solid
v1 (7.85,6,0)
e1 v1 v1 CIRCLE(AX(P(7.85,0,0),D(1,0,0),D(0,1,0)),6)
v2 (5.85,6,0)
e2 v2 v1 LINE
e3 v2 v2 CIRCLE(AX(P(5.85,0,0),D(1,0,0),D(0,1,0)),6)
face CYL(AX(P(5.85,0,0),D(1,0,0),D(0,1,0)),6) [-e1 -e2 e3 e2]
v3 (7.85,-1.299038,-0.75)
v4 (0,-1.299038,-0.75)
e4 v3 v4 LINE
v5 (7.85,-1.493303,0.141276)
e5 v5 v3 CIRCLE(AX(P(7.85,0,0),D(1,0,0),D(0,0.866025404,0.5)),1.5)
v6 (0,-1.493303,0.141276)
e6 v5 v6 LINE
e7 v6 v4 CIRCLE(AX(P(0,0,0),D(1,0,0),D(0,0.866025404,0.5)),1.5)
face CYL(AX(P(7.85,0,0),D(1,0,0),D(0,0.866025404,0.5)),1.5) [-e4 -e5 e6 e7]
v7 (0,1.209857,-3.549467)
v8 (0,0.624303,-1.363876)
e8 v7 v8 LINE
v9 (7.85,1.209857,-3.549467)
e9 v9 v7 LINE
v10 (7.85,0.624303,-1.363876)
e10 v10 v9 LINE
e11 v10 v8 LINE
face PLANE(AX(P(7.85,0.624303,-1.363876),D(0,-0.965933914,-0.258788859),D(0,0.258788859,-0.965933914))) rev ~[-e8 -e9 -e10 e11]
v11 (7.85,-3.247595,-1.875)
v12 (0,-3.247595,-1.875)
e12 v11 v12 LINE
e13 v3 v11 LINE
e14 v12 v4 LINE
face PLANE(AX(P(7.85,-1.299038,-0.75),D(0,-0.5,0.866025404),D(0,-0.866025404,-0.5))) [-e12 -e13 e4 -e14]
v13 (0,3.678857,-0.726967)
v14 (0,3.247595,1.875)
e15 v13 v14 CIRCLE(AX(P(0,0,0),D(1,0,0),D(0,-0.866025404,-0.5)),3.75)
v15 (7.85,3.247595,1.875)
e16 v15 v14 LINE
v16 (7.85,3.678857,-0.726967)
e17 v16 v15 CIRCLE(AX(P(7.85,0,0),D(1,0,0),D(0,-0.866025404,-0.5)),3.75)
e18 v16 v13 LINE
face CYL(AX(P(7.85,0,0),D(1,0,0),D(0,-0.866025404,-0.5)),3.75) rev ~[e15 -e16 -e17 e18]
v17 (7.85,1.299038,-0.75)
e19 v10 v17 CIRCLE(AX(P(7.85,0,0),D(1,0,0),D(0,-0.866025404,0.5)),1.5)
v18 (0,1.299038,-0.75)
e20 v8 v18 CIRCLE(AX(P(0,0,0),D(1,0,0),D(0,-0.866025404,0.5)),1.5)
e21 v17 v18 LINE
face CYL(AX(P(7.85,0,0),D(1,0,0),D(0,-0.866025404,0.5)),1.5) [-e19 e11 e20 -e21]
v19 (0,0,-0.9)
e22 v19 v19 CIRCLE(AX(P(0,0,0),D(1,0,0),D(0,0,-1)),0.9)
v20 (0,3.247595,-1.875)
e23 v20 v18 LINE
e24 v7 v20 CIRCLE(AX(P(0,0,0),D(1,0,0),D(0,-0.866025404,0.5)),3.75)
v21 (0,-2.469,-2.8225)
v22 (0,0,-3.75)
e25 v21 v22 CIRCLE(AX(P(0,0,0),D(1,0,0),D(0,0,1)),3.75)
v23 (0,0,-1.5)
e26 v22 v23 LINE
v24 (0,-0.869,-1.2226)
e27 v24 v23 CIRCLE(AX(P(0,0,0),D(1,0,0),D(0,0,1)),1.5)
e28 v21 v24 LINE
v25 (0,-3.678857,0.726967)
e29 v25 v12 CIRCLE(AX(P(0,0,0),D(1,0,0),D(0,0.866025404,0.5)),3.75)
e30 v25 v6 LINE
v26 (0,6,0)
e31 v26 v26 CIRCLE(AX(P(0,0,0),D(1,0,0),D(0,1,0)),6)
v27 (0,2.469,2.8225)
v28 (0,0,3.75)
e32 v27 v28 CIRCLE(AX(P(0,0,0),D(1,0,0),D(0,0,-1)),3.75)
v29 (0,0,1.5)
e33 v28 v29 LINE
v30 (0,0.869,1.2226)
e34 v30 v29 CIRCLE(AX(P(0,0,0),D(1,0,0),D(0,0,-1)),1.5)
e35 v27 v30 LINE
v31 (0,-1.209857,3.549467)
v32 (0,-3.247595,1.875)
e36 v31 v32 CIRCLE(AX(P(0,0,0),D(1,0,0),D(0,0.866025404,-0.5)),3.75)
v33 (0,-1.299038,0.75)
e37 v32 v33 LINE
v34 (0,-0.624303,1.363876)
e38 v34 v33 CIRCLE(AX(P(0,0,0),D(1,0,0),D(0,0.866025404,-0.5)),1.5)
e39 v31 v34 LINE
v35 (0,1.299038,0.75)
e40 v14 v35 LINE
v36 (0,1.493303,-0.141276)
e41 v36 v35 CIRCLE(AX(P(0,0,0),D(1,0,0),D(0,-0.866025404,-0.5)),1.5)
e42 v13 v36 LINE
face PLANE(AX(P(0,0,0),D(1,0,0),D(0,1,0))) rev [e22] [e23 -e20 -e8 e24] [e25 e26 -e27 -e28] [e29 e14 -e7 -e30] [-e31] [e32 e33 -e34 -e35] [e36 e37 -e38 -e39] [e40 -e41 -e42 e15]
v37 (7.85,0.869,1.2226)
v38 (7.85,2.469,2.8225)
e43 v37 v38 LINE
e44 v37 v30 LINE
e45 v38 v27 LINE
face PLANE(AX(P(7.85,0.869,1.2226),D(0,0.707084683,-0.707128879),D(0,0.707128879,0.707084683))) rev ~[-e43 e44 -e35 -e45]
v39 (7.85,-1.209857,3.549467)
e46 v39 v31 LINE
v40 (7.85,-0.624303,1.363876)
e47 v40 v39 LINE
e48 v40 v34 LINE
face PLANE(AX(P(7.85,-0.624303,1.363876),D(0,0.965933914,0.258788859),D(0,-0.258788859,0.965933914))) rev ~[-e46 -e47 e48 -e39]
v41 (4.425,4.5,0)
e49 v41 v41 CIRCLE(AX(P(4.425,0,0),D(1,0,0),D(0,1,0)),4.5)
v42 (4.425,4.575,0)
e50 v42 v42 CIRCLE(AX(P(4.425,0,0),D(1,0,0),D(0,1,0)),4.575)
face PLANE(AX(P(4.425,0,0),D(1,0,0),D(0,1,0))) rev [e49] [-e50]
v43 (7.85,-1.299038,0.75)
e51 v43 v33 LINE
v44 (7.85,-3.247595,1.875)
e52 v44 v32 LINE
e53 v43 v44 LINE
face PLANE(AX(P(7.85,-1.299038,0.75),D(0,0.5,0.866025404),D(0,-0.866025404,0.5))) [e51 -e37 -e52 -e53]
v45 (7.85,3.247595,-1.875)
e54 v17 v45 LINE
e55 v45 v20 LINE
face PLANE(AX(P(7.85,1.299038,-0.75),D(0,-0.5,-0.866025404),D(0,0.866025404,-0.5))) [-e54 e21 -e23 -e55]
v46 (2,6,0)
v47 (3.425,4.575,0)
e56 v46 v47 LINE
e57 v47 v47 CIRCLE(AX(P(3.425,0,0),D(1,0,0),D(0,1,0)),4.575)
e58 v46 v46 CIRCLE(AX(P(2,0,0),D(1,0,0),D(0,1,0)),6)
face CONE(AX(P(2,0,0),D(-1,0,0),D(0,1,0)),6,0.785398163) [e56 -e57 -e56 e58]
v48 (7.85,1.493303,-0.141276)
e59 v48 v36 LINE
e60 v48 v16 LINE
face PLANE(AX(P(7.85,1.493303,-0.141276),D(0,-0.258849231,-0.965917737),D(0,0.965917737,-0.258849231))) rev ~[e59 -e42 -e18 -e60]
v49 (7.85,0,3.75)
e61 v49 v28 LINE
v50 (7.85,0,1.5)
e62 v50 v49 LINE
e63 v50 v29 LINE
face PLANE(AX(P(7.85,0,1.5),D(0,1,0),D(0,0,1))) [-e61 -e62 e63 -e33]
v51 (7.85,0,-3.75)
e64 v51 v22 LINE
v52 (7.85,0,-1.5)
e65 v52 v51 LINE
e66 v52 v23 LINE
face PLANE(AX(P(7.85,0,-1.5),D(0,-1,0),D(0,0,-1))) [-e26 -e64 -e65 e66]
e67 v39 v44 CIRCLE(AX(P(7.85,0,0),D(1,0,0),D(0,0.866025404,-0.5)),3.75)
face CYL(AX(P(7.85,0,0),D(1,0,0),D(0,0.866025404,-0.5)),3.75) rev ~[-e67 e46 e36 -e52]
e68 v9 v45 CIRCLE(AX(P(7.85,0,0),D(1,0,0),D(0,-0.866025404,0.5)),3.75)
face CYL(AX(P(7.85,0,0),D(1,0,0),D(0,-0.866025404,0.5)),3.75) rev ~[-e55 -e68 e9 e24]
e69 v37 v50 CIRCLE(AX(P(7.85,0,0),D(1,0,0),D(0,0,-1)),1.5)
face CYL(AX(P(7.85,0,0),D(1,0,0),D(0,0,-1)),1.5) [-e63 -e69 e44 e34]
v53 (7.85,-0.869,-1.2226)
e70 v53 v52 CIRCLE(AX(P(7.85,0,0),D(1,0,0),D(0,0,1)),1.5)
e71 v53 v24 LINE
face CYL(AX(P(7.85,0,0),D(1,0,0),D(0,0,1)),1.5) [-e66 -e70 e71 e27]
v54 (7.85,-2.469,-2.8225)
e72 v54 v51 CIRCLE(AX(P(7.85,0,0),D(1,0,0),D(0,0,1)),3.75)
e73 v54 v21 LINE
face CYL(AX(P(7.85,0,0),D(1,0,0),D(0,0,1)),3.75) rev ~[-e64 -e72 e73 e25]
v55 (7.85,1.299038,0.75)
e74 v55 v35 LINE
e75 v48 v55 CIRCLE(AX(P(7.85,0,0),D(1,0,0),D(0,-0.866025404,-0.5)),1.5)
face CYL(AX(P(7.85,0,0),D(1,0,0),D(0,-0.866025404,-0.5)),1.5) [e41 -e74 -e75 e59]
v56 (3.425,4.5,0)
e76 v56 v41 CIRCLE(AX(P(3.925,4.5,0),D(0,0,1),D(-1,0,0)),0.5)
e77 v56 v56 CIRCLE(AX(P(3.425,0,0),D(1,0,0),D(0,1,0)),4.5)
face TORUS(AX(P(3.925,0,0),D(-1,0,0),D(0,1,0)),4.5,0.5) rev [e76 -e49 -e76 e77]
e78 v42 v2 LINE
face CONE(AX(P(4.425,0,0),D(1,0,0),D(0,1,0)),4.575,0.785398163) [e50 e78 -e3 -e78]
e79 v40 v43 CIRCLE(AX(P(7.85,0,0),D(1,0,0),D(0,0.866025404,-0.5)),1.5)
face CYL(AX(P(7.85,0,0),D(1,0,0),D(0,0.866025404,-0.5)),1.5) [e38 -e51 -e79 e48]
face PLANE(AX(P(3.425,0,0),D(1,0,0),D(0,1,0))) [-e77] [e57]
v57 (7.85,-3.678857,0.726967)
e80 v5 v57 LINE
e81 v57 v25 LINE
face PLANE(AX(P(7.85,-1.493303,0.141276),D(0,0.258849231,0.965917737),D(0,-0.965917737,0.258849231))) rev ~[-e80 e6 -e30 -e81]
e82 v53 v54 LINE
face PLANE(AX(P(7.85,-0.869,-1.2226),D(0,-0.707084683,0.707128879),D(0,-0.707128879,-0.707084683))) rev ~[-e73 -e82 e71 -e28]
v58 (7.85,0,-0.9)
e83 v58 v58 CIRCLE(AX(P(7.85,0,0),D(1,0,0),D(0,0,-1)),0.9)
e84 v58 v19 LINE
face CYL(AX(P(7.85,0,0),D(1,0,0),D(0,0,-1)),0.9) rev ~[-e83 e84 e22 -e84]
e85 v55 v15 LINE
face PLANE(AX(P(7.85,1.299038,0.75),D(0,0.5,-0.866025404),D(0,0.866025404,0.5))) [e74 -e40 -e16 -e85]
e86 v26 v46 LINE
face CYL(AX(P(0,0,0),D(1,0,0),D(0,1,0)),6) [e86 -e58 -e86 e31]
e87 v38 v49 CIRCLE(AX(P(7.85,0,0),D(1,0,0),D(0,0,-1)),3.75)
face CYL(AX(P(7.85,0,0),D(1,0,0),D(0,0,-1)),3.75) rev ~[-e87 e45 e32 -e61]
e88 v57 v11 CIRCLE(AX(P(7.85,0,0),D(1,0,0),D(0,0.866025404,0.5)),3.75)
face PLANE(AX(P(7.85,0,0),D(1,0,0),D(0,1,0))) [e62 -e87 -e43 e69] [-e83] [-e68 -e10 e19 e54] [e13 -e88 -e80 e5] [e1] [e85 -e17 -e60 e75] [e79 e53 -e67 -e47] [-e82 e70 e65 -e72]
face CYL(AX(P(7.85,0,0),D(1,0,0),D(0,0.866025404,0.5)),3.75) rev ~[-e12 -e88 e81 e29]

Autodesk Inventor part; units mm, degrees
ref_plane "YZ Plane" through (0, 0, 0) normal (1, 0, 0) x (0, 1, 0)
ref_plane "XZ Plane" through (0, 0, 0) normal (0, 1, 0) x (-1, 0, 0)
ref_plane "XY Plane" through (0, 0, 0) normal (0, 0, 1) x (1, 0, 0)
sketch "Skizze1" plane through (0, 0, 0) normal (0, 0, 1) x (1, 0, 0)
  line L0 (0, 0) -> (7.85, 0)
  line L1 (3.925, 0) -> (3.925, 15.4029) construction
  line L2 (0, 0) -> (0, 6)
  line L3 (0, 6) -> (2, 6)
  line L4 (2, 6) -> (3.425, 4.575)
  line L5 (3.425, 4.575) -> (3.425, 4.5)
  arc A0 (3.425, 4.5) -> (4.425, 4.5) centre (3.925, 4.5) ccw
  line L6 (4.425, 4.5) -> (4.425, 4.575)
  line L7 (4.425, 4.575) -> (5.85, 6)
  line L8 (5.85, 6) -> (7.85, 6)
  line L9 (7.85, 6) -> (7.85, 0)
  dimension "d0" = 2
  dimension "d1" = 45
  dimension "d2" = 0.5
  dimension "d3" = 12
  dimension "d4" = 9
  dimension "d5" = 7.85
revolve "Umdrehung1" add sketch "Skizze1" angle 360 about axis through (0, 0, 0) along (1, 0, 0)
sketch "Skizze2" plane through (7.85, 0, 0) normal (1, 0, 0) x (0, 0, -1)
  circle A0 centre (0, 0) radius 6 projected
  circle A1 centre (0, 0) radius 1.5
  line L0 (-0.869, 1.2226) -> (-2.469, 2.8225)
  line L1 (-1.2226, 0.869) -> (-2.8225, 2.469)
  line L2 (8.4, 0) -> (-8.4, 0) projected
  line L3 (0, 0) -> (-2.6517, 2.6517) construction
  circle A2 centre (0, 0) radius 3.75
  line L4 (-1.5, 0) -> (-3.75, 0)
  dimension "d7" = 3
  dimension "d8" = 45
  dimension "d9" = 0.5
  dimension "d10" = 7.5
extrude "Extrusion2" cut sketch "Skizze2" against normal through all contours A2 L1 A1 L2
pattern_circular "Runde Anordnung2" count 6 over 360 about axis through (6.85, 0, 0) along (1, 0, 0) of "Extrusion2"
sketch "Skizze3" plane through (7.85, 0, 0) normal (1, 0, 0) x (0, 0, -1)
  circle A0 centre (0, 0) radius 0.9
  dimension "d21" = 1.8
extrude "Extrusion3" cut sketch "Skizze3" against normal up to surface (7.85 mm away)
properties part number "Rad" material "Stahl, galvanisiert"
